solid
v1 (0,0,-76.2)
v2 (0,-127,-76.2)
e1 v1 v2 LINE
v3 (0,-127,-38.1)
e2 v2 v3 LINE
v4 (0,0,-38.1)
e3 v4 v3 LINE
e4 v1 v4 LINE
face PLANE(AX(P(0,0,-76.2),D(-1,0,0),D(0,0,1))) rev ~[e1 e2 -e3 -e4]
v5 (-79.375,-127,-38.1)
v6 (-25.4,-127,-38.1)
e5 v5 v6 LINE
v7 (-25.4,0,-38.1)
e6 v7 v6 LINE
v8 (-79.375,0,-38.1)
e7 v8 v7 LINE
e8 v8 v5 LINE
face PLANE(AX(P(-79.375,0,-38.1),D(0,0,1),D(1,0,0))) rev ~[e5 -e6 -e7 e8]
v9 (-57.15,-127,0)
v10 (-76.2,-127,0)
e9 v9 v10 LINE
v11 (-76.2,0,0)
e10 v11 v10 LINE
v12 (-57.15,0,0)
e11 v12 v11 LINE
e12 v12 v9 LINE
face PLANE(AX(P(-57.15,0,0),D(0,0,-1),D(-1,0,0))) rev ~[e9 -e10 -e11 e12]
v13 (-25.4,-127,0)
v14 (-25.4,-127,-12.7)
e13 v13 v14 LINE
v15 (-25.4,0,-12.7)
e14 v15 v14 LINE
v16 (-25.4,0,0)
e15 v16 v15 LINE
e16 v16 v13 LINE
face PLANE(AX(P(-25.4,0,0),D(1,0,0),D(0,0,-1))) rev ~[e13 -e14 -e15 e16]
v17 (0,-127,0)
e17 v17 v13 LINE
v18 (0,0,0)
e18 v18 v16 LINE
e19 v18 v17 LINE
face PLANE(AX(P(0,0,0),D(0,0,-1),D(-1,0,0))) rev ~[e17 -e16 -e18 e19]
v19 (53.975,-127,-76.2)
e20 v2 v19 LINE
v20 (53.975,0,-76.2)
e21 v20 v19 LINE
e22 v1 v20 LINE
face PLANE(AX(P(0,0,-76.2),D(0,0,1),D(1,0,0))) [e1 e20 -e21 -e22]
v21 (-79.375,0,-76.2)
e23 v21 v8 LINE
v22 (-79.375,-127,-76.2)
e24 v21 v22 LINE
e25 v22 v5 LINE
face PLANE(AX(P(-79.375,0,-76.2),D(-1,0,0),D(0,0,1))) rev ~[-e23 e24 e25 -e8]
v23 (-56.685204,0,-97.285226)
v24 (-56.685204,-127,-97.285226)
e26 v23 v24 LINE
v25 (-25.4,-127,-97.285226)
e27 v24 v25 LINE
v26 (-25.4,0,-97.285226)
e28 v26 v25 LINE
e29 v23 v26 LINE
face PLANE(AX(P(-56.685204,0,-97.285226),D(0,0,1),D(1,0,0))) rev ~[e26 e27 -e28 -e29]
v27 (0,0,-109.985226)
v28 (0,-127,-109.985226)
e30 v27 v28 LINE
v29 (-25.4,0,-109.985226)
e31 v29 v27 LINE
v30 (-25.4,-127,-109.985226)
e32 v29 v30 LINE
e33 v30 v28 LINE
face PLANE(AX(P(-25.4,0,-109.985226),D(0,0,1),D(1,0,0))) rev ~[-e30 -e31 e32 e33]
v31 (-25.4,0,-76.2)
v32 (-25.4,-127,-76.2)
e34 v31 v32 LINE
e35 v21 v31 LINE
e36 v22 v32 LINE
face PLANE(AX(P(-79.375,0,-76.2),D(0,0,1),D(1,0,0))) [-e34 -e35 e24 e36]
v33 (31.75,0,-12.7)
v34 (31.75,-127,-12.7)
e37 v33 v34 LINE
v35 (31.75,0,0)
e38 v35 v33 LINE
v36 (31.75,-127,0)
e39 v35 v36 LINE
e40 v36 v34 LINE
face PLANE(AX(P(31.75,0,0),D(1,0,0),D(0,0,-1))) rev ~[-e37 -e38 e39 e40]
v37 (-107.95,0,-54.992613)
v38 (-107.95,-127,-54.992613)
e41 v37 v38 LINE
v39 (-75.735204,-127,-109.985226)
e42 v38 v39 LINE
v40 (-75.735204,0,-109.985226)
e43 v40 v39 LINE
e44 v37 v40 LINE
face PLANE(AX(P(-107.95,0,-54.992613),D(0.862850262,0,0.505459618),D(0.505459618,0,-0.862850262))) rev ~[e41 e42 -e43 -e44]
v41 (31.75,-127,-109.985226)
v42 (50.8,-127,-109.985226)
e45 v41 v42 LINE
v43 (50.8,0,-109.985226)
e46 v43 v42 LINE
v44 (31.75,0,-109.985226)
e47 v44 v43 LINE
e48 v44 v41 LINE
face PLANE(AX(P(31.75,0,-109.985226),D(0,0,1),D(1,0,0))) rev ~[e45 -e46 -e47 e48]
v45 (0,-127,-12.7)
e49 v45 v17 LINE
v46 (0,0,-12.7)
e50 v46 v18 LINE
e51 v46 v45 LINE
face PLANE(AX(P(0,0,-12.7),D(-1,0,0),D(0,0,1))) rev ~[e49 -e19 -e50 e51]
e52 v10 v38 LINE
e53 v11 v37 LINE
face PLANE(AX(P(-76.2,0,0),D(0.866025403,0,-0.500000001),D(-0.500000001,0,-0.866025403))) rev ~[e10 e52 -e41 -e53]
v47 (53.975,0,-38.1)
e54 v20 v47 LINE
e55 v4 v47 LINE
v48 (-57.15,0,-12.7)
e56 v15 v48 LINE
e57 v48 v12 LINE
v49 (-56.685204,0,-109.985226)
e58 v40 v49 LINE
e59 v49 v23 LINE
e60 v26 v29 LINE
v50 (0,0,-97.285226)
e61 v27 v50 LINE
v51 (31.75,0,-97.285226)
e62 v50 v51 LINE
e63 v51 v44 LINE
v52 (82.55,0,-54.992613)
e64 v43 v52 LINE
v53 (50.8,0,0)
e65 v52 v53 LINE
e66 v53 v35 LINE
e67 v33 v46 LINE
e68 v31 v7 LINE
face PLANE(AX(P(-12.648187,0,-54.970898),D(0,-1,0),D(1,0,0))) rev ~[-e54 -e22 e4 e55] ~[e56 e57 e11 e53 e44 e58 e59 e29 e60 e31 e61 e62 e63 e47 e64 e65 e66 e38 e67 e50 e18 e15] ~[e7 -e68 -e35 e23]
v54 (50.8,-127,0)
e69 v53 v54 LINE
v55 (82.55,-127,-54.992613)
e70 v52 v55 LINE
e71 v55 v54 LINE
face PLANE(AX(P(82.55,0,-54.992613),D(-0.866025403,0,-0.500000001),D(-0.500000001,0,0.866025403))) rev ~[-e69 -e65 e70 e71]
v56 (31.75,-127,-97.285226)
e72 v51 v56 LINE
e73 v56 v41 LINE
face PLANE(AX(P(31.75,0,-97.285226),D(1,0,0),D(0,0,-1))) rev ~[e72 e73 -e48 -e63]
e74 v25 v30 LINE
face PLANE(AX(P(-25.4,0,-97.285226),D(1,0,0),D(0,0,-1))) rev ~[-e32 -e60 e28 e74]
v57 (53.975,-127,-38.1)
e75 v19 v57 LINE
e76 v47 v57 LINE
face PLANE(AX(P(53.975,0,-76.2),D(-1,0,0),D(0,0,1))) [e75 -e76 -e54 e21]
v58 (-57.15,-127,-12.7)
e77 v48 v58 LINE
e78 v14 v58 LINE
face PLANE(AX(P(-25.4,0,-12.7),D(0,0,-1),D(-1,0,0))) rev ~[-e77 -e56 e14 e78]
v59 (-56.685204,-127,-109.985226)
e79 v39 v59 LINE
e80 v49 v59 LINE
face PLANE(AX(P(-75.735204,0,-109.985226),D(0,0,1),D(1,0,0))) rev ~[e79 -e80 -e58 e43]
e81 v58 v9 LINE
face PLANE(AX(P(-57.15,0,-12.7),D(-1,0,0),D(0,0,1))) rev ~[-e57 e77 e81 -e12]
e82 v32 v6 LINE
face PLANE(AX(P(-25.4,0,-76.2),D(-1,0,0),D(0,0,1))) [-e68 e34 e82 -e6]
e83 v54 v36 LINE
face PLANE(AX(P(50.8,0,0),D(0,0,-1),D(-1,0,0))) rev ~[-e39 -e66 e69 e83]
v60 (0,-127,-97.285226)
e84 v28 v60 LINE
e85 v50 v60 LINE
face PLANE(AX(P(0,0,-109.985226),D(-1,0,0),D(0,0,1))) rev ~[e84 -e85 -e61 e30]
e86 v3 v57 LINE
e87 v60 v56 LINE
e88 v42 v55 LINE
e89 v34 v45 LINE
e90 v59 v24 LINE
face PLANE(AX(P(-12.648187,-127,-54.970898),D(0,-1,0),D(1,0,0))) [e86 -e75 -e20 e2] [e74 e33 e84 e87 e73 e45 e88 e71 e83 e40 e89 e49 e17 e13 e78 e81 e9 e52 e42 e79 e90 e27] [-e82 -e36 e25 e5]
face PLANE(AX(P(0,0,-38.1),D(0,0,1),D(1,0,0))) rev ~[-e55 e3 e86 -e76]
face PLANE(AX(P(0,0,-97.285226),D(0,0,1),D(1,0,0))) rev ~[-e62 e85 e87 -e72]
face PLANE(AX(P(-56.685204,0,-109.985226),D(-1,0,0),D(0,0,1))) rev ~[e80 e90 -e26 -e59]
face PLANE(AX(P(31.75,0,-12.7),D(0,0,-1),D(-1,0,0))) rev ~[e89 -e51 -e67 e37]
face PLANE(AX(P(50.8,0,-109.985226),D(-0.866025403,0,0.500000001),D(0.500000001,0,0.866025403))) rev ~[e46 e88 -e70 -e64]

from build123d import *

# Parameters (mm, degrees)
F0_W     = 53.975
F0_H     = 38.1
F1_DEPTH = 127


with BuildPart() as f1:
    # F0 (on Front) → F1 (new body)
    with BuildSketch(Plane.XZ):
        Polygon((0, -12.7), (0, 0), (-25.4, 0), (-25.4, -12.7), (-57.15, -12.7), (-57.15, 0), (-76.2, 0), (-107.95, -54.992613), (-75.735204, -109.985226), (-56.685204, -109.985226), (-56.685204, -97.285226), (-25.4, -97.285226), (-25.4, -109.985226), (0, -109.985226), (0, -97.285226), (31.75, -97.285226), (31.75, -109.985226), (50.8, -109.985226), (82.55, -54.992613), (50.8, 0), (31.75, 0), (31.75, -12.7), align=None)
        with Locations((-52.3875, -57.15)):
            Rectangle(F0_W, F0_H, mode=Mode.SUBTRACT)
        with Locations((26.9875, -57.15)):
            Rectangle(F0_W, F0_H, mode=Mode.SUBTRACT)
    extrude(amount=F1_DEPTH)


solid = f1.part
